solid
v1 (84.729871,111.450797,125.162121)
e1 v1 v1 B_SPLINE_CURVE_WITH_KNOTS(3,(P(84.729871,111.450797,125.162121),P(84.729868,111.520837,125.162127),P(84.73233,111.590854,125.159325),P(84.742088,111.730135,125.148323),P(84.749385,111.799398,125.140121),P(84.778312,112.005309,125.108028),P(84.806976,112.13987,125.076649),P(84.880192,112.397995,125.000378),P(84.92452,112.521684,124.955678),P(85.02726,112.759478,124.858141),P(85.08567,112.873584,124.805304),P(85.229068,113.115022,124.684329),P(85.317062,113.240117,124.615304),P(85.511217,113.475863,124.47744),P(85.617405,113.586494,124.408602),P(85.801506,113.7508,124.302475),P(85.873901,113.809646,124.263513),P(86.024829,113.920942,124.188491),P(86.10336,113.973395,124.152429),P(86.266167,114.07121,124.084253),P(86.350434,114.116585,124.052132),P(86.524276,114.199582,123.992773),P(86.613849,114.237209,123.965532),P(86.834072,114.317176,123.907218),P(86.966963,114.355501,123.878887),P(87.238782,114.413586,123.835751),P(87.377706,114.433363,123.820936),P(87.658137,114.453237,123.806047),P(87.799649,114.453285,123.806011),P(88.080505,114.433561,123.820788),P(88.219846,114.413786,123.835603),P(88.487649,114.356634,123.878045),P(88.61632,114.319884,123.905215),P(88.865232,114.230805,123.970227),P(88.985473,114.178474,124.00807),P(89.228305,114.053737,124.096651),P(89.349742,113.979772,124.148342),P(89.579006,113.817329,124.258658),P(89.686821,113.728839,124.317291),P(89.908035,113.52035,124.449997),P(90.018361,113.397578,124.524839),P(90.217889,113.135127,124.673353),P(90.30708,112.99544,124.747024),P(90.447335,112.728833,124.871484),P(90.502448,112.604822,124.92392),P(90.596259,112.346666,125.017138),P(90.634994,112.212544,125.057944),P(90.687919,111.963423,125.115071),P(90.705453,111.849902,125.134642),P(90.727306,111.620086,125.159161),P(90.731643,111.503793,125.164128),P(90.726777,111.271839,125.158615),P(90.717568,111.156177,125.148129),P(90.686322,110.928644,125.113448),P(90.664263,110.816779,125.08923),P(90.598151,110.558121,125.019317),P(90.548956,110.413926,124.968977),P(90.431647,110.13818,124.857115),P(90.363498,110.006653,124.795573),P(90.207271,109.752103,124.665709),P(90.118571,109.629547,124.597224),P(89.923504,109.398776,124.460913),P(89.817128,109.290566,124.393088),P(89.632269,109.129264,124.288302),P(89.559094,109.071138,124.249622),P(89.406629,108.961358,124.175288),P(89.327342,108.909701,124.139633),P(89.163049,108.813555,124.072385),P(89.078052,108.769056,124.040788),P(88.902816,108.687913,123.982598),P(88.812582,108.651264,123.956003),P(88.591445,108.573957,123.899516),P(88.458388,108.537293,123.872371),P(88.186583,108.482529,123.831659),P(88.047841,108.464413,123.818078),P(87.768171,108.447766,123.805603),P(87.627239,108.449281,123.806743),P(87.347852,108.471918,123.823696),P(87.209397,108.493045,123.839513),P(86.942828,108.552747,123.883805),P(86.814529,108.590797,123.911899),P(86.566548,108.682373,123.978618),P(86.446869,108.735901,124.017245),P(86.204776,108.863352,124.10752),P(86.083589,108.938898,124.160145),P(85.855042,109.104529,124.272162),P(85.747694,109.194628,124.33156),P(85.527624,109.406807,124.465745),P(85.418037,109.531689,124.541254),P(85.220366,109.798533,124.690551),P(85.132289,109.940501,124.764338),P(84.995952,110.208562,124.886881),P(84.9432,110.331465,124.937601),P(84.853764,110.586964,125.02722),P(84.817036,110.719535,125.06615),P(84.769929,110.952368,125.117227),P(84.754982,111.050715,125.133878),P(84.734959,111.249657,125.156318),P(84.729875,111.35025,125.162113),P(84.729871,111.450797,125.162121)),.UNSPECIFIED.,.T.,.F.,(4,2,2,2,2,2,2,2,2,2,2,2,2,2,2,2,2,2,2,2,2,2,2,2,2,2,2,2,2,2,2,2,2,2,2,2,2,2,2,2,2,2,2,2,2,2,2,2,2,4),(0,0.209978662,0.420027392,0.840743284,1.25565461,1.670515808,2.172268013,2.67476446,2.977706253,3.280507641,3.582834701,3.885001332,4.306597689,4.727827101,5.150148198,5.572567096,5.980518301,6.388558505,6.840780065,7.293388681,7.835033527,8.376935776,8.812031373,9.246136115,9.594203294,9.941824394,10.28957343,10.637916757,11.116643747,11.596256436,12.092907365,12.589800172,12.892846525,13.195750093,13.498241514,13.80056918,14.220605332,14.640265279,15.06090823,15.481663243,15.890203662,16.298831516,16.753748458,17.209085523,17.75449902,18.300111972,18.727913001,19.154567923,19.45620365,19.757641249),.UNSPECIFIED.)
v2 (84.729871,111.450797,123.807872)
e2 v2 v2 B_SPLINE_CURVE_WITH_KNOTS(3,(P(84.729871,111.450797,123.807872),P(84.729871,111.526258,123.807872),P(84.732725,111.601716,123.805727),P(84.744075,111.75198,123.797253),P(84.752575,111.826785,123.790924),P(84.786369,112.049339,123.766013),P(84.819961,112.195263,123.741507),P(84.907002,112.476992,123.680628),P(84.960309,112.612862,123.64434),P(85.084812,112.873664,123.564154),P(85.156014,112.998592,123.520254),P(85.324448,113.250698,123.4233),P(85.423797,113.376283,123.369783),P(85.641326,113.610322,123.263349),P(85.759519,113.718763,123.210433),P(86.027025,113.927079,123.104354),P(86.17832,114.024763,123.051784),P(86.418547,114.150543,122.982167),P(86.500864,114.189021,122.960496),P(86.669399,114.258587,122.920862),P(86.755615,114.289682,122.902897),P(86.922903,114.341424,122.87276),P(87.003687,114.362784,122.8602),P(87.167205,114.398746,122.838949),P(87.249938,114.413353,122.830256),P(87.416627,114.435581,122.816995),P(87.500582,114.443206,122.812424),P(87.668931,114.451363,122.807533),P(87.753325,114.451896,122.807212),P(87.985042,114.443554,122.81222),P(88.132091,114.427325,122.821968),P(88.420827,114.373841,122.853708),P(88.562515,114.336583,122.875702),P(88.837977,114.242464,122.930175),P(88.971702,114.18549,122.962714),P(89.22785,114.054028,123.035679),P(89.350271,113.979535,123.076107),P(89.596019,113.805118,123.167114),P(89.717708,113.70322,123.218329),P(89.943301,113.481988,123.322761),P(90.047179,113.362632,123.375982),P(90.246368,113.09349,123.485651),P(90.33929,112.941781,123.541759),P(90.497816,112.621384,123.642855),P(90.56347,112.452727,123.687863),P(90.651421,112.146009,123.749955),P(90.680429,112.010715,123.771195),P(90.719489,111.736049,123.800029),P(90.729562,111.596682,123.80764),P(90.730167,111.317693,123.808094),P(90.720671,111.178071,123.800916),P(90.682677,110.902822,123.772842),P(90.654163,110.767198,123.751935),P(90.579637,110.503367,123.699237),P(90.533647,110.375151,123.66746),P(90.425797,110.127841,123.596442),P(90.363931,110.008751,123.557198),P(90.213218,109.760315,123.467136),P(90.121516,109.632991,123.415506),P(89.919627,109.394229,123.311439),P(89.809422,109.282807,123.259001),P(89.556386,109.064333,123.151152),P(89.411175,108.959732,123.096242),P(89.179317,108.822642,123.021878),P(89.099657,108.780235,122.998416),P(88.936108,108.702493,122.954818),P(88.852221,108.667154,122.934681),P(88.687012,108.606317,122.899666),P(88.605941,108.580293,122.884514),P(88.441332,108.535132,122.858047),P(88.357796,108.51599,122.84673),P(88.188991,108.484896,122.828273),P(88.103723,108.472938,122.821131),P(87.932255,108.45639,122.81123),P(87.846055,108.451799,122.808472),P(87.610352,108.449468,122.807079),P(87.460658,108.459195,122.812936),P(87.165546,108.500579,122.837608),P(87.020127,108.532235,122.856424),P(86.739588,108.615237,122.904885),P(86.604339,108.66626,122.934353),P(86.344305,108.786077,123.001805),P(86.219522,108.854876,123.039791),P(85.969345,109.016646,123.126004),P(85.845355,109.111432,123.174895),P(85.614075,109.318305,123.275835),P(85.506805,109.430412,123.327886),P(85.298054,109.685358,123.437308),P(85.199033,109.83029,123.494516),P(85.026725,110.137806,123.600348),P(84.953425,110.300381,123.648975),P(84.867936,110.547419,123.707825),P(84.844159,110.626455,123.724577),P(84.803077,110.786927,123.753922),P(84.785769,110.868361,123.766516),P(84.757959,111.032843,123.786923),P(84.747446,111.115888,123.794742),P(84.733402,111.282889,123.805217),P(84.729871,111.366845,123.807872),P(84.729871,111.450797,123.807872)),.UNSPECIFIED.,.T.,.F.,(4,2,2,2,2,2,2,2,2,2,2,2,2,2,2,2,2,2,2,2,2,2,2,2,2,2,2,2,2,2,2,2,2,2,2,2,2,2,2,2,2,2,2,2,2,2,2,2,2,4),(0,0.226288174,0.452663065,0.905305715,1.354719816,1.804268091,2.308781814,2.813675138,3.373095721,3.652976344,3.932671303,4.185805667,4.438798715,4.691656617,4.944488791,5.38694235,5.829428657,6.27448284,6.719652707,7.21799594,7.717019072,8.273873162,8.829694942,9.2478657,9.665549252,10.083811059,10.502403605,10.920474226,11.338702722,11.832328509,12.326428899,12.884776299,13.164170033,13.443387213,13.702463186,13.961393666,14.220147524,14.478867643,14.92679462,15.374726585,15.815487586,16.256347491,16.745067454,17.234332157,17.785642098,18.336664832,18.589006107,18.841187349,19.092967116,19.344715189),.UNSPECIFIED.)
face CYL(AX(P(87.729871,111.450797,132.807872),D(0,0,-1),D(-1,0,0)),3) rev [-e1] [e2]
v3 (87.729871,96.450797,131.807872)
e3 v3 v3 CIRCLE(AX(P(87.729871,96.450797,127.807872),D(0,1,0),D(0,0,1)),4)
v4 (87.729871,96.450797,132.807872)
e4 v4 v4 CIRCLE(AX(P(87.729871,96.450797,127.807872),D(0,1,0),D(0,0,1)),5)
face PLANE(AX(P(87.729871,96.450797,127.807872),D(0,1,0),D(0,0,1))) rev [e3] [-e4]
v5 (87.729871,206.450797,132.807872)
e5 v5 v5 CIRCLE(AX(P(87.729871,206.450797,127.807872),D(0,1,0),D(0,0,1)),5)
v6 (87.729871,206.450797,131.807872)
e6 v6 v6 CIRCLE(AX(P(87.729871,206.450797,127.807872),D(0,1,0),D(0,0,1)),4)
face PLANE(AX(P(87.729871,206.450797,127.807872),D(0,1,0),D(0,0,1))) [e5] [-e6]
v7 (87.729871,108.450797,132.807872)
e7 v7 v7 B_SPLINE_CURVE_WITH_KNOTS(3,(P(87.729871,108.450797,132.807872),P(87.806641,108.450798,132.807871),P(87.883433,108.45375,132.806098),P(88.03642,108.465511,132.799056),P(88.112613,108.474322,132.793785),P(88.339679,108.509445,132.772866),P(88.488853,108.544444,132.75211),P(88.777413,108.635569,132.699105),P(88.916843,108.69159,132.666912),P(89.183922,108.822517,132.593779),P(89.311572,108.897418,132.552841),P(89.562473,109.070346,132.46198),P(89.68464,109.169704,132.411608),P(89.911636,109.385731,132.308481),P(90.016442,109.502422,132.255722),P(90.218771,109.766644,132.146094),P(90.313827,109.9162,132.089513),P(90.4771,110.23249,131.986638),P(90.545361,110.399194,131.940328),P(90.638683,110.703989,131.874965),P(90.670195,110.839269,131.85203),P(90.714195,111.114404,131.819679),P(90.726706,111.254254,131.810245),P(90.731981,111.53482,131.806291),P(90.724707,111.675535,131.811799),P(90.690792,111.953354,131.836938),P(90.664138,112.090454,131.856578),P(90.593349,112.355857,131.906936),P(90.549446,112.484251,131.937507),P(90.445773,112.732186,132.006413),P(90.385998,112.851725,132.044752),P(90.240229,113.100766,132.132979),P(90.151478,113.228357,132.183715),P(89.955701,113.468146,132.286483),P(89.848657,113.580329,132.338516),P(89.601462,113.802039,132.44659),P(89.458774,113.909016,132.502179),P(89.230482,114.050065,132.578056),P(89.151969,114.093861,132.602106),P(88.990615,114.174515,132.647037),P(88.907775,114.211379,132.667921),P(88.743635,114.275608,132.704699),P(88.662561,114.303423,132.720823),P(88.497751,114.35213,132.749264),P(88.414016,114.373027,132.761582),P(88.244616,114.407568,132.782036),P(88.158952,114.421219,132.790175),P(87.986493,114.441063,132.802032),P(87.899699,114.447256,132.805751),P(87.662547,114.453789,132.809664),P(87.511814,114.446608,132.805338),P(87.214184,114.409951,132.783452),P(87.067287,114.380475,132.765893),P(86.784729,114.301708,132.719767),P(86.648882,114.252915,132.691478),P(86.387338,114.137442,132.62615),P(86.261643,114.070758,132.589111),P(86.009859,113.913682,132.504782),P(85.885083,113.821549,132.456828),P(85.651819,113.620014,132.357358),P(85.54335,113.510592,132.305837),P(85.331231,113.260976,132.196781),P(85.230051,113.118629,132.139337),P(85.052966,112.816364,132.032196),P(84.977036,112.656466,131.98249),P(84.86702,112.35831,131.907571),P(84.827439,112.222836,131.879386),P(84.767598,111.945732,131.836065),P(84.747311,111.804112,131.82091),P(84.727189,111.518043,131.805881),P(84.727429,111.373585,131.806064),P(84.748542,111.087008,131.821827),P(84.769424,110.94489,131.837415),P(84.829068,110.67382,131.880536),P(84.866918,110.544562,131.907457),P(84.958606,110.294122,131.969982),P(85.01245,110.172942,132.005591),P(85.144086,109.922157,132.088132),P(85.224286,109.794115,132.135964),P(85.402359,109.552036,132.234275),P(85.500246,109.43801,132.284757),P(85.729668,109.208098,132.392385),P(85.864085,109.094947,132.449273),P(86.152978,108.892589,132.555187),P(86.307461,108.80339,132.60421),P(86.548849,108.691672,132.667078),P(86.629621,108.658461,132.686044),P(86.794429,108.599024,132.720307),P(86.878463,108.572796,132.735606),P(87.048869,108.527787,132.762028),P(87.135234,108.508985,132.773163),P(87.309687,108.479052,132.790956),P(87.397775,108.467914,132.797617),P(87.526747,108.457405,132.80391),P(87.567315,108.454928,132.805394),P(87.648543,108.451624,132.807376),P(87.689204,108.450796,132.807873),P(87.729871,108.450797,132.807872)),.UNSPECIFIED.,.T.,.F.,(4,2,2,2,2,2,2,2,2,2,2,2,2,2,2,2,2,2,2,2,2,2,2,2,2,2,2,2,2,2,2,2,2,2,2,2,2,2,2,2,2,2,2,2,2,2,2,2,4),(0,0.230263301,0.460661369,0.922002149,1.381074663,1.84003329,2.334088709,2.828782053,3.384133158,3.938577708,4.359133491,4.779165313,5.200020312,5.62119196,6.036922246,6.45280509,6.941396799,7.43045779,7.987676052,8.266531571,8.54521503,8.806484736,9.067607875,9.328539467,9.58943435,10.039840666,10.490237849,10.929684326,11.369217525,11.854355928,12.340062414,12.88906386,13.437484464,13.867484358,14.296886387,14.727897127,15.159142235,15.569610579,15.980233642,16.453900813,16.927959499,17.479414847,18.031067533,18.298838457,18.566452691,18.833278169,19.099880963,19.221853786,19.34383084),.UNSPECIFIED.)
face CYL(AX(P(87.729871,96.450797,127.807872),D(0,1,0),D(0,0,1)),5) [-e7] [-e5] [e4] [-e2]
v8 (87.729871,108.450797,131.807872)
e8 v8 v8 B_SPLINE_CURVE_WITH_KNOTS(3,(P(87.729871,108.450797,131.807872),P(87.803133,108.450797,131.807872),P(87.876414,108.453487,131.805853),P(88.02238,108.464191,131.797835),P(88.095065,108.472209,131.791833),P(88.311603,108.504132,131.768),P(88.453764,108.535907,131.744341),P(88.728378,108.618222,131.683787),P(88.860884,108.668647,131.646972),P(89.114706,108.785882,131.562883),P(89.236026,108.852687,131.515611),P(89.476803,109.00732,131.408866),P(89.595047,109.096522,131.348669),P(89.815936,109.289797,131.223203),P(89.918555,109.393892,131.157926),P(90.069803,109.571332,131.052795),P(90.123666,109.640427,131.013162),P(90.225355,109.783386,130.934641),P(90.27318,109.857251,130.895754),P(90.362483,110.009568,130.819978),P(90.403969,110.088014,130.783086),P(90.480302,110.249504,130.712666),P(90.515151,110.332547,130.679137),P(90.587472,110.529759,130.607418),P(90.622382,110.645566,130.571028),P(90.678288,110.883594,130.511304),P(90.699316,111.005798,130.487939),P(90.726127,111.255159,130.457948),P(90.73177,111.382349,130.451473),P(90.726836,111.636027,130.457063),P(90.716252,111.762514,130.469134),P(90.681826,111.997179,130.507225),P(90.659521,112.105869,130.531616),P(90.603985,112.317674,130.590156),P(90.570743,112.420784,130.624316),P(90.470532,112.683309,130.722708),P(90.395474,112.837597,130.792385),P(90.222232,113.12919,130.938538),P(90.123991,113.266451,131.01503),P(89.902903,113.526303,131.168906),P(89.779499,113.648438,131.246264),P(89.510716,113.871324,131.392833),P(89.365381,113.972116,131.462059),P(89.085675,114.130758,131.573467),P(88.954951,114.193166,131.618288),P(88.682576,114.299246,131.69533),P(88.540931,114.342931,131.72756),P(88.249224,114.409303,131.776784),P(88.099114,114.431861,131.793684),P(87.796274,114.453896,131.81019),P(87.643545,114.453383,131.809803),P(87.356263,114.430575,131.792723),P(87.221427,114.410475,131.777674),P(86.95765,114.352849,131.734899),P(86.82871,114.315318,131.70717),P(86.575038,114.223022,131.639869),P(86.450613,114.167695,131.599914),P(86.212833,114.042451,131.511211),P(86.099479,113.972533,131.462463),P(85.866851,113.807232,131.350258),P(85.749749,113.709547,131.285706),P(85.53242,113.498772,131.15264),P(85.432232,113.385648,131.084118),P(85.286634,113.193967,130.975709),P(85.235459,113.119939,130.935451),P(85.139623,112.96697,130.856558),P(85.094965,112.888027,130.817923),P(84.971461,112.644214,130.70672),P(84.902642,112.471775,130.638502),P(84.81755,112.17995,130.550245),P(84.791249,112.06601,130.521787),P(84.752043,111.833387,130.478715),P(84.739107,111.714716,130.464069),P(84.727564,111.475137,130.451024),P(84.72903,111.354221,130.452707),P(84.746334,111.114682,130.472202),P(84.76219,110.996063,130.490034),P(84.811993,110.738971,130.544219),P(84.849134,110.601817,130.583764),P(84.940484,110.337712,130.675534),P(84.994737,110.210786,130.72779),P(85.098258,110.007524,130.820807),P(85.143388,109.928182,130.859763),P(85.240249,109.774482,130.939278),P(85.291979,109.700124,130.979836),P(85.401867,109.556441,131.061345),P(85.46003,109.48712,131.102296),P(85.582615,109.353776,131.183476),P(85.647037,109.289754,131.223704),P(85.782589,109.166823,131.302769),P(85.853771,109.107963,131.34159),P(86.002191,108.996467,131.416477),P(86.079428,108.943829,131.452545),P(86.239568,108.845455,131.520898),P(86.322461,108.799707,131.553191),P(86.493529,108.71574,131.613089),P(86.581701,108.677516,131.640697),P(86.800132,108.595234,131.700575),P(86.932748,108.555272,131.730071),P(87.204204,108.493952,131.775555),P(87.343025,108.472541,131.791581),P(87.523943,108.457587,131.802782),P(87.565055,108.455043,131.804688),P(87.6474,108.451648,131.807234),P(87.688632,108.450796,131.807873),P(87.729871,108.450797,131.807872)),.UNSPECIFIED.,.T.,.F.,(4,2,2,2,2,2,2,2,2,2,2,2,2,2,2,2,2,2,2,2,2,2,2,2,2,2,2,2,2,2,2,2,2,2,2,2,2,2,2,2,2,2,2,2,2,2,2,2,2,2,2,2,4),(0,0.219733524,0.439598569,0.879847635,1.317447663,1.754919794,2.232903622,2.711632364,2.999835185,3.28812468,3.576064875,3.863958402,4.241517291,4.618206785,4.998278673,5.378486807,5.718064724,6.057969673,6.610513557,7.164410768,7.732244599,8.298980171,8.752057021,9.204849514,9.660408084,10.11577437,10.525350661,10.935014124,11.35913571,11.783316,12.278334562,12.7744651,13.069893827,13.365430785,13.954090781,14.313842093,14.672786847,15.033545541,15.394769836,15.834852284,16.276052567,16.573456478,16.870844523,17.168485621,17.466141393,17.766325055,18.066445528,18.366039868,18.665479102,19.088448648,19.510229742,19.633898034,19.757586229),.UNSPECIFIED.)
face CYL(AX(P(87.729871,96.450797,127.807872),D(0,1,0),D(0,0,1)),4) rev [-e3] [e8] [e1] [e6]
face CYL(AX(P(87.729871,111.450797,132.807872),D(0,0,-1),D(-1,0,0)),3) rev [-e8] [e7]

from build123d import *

# Parameters (mm, degrees)
SKETCH1_R                = 5
SKETCH1_R_2              = 4
BOSS_EXTRUDE1_DEPTH      = 80
BOSS_EXTRUDE1_DEPTH_BACK = 30
SKETCH2_R                = 3
CUT_EXTRUDE1_DEPTH       = 6
CUT_EXTRUDE1_DEPTH_BACK  = 6


with BuildPart() as part:
    # Sketch1 → Boss-Extrude1 (new body, two sides)
    with BuildSketch(Plane(origin=(0, 126.450796526, 0), x_dir=(1, 0, 0), z_dir=(0, 1, 0))) as boss_extrude1_sk:
        with Locations((87.72987116, -127.807872395)):
            Circle(SKETCH1_R)
        with Locations((87.72987116, -127.807872395)):
            Circle(SKETCH1_R_2, mode=Mode.SUBTRACT)
    extrude(amount=BOSS_EXTRUDE1_DEPTH)
    extrude(boss_extrude1_sk.sketch, amount=-BOSS_EXTRUDE1_DEPTH_BACK)

    # Sketch2 → Cut-Extrude1 (cut, two sides)
    with BuildSketch(Plane(origin=(-5.567034038, 0.110667347, 127.807872395), x_dir=(-1, 0, 0), z_dir=(0, 0, -1))) as cut_extrude1_sk:
        with Locations((-93.296905198, 111.340129179)):
            Circle(SKETCH2_R)
    extrude(amount=CUT_EXTRUDE1_DEPTH, mode=Mode.SUBTRACT)
    extrude(cut_extrude1_sk.sketch, amount=-CUT_EXTRUDE1_DEPTH_BACK, mode=Mode.SUBTRACT)


solid = part.part
